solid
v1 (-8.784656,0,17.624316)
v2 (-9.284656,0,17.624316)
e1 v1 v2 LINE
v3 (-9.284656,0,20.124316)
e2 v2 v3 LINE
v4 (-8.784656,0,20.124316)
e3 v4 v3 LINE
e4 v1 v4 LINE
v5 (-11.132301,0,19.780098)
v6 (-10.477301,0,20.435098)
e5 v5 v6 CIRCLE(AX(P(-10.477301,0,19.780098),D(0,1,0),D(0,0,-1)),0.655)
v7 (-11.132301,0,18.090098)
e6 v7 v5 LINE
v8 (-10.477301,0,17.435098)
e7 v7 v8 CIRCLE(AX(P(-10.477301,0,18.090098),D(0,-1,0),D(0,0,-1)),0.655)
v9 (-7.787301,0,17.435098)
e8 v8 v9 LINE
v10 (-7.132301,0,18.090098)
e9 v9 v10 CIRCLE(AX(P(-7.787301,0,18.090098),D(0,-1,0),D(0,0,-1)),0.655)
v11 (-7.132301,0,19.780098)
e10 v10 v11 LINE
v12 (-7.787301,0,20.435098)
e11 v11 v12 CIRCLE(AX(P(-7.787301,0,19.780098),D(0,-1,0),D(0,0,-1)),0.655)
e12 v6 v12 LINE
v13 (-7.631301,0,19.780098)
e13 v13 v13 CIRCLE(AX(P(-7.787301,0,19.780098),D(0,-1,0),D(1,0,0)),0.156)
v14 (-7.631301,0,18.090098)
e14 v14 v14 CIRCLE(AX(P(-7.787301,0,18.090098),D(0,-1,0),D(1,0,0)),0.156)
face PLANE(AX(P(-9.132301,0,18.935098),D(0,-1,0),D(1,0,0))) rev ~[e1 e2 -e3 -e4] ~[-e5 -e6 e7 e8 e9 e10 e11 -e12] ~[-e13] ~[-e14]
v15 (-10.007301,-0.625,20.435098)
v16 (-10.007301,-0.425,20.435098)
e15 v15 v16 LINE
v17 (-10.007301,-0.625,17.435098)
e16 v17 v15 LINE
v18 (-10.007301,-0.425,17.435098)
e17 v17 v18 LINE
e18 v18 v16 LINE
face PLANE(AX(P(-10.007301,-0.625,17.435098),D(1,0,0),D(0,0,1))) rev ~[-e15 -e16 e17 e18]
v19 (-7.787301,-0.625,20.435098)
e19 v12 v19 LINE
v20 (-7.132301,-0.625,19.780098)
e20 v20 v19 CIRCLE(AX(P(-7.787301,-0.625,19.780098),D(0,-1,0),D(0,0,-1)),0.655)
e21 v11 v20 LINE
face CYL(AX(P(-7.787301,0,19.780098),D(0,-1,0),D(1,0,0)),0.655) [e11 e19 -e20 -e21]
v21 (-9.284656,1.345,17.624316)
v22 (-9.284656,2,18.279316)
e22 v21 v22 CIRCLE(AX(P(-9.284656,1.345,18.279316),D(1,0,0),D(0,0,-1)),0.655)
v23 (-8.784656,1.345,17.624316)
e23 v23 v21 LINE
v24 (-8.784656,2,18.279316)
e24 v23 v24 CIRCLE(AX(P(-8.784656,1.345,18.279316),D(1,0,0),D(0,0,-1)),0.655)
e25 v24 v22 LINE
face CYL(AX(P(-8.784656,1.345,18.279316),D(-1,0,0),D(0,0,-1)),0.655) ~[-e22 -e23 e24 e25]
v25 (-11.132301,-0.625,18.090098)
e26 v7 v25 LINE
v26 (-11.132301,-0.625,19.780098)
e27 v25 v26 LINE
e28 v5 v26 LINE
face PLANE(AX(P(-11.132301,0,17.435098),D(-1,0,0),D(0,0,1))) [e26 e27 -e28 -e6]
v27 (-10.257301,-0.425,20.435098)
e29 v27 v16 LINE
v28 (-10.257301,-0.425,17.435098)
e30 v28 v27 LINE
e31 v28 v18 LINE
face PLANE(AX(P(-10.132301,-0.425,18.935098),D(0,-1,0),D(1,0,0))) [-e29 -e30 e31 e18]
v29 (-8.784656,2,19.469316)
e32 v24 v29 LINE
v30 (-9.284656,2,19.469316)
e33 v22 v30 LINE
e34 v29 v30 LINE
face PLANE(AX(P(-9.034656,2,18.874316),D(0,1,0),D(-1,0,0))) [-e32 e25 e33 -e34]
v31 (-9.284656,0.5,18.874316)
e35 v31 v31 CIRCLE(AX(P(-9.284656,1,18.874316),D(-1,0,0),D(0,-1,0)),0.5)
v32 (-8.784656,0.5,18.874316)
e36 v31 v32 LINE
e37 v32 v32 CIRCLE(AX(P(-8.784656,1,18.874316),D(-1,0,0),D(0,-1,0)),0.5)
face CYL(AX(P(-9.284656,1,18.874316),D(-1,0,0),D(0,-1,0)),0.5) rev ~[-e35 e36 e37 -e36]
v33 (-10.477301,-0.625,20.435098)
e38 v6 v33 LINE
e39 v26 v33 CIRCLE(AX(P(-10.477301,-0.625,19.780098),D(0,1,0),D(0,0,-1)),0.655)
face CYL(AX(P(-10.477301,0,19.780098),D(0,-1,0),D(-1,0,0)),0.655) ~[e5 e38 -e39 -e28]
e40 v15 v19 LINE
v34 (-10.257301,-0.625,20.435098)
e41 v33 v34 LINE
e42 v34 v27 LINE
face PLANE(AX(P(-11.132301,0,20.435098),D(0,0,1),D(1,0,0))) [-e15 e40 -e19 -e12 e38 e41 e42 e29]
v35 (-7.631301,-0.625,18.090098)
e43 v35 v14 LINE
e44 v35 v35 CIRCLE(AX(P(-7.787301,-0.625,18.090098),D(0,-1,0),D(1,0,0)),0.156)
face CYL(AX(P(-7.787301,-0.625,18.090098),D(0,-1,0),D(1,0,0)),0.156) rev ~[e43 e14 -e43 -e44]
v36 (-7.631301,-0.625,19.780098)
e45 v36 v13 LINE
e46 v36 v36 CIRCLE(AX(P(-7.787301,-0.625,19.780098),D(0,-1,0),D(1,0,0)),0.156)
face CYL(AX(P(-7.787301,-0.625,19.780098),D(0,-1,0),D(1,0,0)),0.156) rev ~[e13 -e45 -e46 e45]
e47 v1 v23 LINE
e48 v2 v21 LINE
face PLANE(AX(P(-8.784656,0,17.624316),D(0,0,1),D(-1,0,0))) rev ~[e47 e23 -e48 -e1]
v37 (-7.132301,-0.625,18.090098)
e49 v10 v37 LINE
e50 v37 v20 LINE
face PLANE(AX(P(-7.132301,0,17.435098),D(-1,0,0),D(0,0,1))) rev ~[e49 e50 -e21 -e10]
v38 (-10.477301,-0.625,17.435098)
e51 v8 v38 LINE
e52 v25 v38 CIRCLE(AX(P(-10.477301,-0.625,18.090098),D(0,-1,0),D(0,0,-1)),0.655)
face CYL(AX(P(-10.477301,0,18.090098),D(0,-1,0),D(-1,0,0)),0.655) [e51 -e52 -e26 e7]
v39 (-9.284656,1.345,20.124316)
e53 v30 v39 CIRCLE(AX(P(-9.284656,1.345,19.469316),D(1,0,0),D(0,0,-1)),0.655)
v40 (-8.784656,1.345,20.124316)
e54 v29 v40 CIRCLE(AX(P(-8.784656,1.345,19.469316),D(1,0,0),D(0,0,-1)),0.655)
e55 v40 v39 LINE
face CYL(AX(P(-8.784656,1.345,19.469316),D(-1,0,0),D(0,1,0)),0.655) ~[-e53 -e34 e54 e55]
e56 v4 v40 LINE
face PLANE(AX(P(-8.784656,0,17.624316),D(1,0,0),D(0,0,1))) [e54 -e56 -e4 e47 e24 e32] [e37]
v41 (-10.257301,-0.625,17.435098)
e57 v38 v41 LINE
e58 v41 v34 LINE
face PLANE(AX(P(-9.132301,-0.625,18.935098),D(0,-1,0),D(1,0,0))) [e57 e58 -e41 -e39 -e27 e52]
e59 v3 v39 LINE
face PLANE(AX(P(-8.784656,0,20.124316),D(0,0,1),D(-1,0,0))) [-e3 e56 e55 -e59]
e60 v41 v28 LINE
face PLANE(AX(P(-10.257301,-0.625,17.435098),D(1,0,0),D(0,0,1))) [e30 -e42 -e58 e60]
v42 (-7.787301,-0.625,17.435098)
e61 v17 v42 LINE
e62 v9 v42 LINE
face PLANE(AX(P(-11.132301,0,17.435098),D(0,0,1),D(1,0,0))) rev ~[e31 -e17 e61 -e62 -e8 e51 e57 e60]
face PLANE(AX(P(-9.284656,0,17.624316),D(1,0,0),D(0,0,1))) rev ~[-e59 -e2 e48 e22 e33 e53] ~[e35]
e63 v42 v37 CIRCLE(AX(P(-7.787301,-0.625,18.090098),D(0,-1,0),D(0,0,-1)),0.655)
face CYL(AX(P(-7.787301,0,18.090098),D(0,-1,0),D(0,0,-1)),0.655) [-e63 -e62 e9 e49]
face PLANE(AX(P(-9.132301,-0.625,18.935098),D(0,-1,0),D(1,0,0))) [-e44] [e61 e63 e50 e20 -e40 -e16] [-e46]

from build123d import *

# Parameters (mm, degrees)
F0_W      = 4
F0_H      = 3
F1_DEPTH  = 0.625
F2_R      = 0.655
F3_W      = 0.25
F3_H      = 3
F4_DEPTH  = 0.2
F5_R      = 0.156
F6_DEPTH  = 25
F7_W      = 0.5
F7_H      = 2.5
F8_DEPTH  = 2
F9_R      = 0.5
F10_DEPTH = 25
F11_R     = 0.655
F12_R     = 0.655


with BuildPart() as f1:
    # F0 (on Front) → F1 (new body)
    with BuildSketch(Plane.XZ):
        with Locations((-9.132301, 18.935098)):
            Rectangle(F0_W, F0_H)
    extrude(amount=F1_DEPTH)

    # F2
    f2_edges = [f1.edges().sort_by_distance(p)[0] for p in [
        (-11.132301, -0.3125, 17.435098),
        (-7.132301, -0.3125, 17.435098),
        (-7.132301, -0.3125, 20.435098),
        (-11.132301, -0.3125, 20.435098),
    ]]
    fillet(f2_edges, radius=F2_R)

    # F3 (on face) → F4 (cut)
    with BuildSketch(Plane.XZ.offset(0.625)):
        with Locations((-10.132301, 18.935098)):
            Rectangle(F3_W, F3_H)
    extrude(amount=-F4_DEPTH, mode=Mode.SUBTRACT)

    # F5 (on face) → F6 (cut)
    with BuildSketch(Plane.XZ.offset(0.625)):
        with Locations((-7.787301, 19.780098)):
            Circle(F5_R)
        with Locations((-7.787301, 18.090098)):
            Circle(F5_R)
    extrude(amount=-F6_DEPTH, mode=Mode.SUBTRACT)

    # F7 (on face) → F8 (join)
    with BuildSketch(Plane(origin=(0, 0, 0), x_dir=(-1, 0, 0), z_dir=(0, 1, 0))):
        with Locations((9.034656, 18.874316)):
            Rectangle(F7_W, F7_H)
    extrude(amount=F8_DEPTH)

    # F9 (on face) → F10 (cut)
    with BuildSketch(Plane(origin=(-9.284656, 0, 0), x_dir=(0, -1, 0), z_dir=(-1, 0, 0))):
        with Locations((-1, 18.874316)):
            Circle(F9_R)
    extrude(amount=-F10_DEPTH, mode=Mode.SUBTRACT)

    # F11
    f11_edges = [f1.edges().sort_by_distance(p)[0] for p in [
        (-9.034656, 2, 17.624316),
    ]]
    fillet(f11_edges, radius=F11_R)

    # F12
    f12_edges = [f1.edges().sort_by_distance(p)[0] for p in [
        (-9.034656, 2, 20.124316),
    ]]
    fillet(f12_edges, radius=F12_R)


solid = f1.part
